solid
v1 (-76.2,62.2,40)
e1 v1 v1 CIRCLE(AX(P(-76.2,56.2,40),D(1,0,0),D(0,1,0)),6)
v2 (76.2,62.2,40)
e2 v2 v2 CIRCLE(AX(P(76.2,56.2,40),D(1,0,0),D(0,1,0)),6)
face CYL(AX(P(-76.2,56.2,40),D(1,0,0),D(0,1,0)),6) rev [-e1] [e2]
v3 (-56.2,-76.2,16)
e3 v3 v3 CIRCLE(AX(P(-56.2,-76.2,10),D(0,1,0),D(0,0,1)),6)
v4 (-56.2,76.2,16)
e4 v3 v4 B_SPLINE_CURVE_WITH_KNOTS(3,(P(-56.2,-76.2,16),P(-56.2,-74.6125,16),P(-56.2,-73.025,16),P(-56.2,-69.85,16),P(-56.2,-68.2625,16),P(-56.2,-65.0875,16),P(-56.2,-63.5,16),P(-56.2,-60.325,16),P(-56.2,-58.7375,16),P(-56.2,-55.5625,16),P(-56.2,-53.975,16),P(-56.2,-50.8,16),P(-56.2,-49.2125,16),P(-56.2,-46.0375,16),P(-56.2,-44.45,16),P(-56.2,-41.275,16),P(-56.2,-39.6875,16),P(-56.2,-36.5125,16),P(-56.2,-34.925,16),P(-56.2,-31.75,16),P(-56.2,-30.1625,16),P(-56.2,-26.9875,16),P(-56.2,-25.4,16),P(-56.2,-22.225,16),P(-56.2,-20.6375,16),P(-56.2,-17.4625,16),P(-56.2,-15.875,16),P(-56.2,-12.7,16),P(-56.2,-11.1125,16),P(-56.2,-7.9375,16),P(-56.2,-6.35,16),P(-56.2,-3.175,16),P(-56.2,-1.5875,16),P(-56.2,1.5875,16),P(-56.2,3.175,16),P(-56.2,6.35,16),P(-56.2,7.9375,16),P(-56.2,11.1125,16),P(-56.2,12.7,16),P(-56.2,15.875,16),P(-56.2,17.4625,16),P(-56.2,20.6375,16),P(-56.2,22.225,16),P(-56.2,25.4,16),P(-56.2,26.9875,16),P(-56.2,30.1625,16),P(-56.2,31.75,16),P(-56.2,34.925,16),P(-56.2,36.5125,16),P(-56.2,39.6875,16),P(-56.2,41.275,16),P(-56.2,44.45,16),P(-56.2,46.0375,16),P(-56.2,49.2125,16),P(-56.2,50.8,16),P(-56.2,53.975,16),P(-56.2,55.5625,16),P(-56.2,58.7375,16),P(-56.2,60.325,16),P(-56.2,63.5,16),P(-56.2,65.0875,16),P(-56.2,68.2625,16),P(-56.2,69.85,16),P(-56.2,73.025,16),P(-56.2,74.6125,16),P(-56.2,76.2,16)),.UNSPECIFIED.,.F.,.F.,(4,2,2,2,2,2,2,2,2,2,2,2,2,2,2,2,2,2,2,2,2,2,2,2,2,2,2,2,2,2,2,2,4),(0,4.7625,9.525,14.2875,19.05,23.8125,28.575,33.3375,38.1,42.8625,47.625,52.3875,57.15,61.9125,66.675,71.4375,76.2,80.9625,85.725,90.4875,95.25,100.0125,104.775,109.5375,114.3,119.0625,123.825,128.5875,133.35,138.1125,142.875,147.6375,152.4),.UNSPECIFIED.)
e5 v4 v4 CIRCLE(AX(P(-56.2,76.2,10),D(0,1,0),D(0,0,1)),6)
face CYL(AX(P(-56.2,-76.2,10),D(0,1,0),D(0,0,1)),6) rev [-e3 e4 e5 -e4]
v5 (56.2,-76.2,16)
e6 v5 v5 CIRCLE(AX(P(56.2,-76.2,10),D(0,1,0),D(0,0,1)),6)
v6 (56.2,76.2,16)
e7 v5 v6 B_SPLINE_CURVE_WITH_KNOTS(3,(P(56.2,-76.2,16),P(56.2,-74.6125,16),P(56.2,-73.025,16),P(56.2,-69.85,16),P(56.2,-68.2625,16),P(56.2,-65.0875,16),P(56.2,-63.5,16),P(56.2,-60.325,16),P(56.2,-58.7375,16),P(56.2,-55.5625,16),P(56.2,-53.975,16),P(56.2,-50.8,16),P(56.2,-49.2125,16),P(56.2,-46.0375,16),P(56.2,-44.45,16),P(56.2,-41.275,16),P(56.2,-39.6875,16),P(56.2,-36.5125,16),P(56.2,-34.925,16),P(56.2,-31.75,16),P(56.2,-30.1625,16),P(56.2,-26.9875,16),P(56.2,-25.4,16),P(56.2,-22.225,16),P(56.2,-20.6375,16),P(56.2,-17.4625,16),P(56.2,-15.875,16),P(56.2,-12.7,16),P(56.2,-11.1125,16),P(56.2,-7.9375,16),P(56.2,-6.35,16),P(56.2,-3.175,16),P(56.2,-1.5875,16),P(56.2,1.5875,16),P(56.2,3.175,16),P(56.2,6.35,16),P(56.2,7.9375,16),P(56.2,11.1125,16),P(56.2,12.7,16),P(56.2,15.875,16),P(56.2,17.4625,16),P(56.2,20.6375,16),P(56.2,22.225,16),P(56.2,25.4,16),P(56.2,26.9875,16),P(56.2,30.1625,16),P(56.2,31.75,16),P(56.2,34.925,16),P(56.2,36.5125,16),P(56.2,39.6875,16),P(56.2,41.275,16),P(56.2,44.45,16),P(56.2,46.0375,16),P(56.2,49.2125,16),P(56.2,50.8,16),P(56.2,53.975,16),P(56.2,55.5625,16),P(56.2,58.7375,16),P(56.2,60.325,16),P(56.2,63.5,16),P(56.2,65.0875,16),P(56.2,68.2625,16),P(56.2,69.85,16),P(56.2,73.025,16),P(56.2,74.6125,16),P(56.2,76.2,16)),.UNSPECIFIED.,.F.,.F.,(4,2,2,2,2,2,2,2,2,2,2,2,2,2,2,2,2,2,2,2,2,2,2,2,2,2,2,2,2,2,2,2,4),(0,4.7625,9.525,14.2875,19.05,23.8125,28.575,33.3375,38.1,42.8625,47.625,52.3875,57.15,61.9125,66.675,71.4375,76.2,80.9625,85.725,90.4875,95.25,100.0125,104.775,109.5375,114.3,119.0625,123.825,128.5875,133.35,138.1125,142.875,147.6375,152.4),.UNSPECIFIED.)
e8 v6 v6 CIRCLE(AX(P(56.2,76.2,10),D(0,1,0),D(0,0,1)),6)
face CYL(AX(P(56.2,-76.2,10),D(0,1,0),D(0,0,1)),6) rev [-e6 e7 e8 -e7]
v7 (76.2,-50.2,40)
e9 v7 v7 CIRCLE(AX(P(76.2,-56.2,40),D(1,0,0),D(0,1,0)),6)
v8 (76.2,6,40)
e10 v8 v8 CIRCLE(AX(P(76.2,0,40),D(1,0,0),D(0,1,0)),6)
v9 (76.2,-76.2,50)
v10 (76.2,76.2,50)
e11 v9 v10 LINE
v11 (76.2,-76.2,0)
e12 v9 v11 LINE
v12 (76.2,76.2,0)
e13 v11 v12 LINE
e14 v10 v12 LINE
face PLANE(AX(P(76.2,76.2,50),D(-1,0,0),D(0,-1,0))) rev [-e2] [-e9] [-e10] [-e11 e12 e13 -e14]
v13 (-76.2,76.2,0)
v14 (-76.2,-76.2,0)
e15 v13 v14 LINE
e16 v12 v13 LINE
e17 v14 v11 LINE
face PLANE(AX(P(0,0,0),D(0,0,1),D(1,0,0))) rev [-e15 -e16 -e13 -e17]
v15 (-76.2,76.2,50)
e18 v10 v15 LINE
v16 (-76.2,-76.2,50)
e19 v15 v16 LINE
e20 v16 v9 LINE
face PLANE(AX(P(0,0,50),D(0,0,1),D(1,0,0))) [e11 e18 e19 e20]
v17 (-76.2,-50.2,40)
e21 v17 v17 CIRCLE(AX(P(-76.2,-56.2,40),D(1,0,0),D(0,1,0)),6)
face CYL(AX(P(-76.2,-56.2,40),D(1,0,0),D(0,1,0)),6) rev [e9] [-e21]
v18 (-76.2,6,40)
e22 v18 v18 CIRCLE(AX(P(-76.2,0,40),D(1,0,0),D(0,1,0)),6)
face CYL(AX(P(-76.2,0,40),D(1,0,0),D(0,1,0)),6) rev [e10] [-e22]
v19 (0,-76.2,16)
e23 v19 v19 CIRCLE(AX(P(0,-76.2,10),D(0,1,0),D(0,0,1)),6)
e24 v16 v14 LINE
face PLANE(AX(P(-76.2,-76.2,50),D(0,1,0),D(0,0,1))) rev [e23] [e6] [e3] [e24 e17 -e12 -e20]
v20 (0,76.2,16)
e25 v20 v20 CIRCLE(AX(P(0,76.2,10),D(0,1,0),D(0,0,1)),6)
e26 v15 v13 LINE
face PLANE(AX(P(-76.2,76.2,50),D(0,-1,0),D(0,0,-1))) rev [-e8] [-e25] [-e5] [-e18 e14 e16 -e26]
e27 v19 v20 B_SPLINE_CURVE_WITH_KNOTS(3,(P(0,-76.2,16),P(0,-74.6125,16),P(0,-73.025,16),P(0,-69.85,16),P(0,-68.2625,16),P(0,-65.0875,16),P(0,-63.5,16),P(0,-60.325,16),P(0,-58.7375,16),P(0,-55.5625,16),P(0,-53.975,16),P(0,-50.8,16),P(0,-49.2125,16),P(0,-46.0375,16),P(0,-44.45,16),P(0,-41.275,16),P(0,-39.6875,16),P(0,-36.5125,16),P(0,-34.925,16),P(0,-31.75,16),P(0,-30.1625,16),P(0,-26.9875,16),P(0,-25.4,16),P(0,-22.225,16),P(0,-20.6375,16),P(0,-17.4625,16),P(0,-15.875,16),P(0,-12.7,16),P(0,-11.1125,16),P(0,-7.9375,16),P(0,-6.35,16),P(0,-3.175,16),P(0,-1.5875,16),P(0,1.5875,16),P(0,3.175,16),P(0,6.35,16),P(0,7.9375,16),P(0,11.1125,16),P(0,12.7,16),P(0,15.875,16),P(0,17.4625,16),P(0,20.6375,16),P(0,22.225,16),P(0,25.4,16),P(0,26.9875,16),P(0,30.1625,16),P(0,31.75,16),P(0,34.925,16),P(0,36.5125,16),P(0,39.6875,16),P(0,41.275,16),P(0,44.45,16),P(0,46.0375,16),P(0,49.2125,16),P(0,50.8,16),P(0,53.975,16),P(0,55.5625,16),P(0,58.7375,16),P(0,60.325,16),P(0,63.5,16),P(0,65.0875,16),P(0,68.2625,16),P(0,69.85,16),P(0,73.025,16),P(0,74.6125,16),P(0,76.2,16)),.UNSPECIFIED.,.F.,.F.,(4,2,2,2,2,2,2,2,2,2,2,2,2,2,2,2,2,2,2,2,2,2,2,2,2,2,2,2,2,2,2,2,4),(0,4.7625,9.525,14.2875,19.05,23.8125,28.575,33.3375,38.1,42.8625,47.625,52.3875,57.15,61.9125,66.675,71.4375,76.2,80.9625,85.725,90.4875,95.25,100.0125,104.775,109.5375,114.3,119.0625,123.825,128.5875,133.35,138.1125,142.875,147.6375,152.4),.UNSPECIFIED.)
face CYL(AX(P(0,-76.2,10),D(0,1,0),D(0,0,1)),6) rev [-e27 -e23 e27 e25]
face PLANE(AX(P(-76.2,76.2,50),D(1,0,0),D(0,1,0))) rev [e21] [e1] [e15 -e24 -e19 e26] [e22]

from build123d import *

# Parameters (mm, degrees)
SKETCH1_W           = 152.4
SKETCH1_H           = 152.4
BOSS_EXTRUDE1_DEPTH = 50
SKETCH2_R           = 6
CUT_EXTRUDE1_DEPTH  = 178.573083546
SKETCH4_R           = 6
CUT_EXTRUDE2_DEPTH  = 178.573083546


with BuildPart() as part:
    # Sketch1 → Boss-Extrude1 (new body)
    with BuildSketch(Plane.XY):
        Rectangle(SKETCH1_W, SKETCH1_H)
    extrude(amount=BOSS_EXTRUDE1_DEPTH)

    # Sketch2 → Cut-Extrude1 (cut, through all)
    with BuildSketch(Plane(origin=(76.2, 0, 0), x_dir=(0, 0, -1), z_dir=(1, 0, 0))):
        with Locations(Location((-40, 56.2, 0), (0, 0, 90))):
            Circle(SKETCH2_R)
        with Locations(Location((-40, 0, 0), (0, 0, 90))):
            Circle(SKETCH2_R)
        with Locations(Location((-40, -56.2, 0), (0, 0, 90))):
            Circle(SKETCH2_R)
    extrude(amount=-CUT_EXTRUDE1_DEPTH, mode=Mode.SUBTRACT)

    # Sketch4 → Cut-Extrude2 (cut, through all)
    with BuildSketch(Plane(origin=(0, 76.2, 0), x_dir=(1, 0, 0), z_dir=(0, 1, 0))):
        with Locations(Location((-56.2, -10, 0), (0, 0, 270))):
            Circle(SKETCH4_R)
        with Locations(Location((0, -10, 0), (0, 0, 270))):
            Circle(SKETCH4_R)
        with Locations(Location((56.2, -10, 0), (0, 0, 270))):
            Circle(SKETCH4_R)
    extrude(amount=-CUT_EXTRUDE2_DEPTH, mode=Mode.SUBTRACT)


solid = part.part
